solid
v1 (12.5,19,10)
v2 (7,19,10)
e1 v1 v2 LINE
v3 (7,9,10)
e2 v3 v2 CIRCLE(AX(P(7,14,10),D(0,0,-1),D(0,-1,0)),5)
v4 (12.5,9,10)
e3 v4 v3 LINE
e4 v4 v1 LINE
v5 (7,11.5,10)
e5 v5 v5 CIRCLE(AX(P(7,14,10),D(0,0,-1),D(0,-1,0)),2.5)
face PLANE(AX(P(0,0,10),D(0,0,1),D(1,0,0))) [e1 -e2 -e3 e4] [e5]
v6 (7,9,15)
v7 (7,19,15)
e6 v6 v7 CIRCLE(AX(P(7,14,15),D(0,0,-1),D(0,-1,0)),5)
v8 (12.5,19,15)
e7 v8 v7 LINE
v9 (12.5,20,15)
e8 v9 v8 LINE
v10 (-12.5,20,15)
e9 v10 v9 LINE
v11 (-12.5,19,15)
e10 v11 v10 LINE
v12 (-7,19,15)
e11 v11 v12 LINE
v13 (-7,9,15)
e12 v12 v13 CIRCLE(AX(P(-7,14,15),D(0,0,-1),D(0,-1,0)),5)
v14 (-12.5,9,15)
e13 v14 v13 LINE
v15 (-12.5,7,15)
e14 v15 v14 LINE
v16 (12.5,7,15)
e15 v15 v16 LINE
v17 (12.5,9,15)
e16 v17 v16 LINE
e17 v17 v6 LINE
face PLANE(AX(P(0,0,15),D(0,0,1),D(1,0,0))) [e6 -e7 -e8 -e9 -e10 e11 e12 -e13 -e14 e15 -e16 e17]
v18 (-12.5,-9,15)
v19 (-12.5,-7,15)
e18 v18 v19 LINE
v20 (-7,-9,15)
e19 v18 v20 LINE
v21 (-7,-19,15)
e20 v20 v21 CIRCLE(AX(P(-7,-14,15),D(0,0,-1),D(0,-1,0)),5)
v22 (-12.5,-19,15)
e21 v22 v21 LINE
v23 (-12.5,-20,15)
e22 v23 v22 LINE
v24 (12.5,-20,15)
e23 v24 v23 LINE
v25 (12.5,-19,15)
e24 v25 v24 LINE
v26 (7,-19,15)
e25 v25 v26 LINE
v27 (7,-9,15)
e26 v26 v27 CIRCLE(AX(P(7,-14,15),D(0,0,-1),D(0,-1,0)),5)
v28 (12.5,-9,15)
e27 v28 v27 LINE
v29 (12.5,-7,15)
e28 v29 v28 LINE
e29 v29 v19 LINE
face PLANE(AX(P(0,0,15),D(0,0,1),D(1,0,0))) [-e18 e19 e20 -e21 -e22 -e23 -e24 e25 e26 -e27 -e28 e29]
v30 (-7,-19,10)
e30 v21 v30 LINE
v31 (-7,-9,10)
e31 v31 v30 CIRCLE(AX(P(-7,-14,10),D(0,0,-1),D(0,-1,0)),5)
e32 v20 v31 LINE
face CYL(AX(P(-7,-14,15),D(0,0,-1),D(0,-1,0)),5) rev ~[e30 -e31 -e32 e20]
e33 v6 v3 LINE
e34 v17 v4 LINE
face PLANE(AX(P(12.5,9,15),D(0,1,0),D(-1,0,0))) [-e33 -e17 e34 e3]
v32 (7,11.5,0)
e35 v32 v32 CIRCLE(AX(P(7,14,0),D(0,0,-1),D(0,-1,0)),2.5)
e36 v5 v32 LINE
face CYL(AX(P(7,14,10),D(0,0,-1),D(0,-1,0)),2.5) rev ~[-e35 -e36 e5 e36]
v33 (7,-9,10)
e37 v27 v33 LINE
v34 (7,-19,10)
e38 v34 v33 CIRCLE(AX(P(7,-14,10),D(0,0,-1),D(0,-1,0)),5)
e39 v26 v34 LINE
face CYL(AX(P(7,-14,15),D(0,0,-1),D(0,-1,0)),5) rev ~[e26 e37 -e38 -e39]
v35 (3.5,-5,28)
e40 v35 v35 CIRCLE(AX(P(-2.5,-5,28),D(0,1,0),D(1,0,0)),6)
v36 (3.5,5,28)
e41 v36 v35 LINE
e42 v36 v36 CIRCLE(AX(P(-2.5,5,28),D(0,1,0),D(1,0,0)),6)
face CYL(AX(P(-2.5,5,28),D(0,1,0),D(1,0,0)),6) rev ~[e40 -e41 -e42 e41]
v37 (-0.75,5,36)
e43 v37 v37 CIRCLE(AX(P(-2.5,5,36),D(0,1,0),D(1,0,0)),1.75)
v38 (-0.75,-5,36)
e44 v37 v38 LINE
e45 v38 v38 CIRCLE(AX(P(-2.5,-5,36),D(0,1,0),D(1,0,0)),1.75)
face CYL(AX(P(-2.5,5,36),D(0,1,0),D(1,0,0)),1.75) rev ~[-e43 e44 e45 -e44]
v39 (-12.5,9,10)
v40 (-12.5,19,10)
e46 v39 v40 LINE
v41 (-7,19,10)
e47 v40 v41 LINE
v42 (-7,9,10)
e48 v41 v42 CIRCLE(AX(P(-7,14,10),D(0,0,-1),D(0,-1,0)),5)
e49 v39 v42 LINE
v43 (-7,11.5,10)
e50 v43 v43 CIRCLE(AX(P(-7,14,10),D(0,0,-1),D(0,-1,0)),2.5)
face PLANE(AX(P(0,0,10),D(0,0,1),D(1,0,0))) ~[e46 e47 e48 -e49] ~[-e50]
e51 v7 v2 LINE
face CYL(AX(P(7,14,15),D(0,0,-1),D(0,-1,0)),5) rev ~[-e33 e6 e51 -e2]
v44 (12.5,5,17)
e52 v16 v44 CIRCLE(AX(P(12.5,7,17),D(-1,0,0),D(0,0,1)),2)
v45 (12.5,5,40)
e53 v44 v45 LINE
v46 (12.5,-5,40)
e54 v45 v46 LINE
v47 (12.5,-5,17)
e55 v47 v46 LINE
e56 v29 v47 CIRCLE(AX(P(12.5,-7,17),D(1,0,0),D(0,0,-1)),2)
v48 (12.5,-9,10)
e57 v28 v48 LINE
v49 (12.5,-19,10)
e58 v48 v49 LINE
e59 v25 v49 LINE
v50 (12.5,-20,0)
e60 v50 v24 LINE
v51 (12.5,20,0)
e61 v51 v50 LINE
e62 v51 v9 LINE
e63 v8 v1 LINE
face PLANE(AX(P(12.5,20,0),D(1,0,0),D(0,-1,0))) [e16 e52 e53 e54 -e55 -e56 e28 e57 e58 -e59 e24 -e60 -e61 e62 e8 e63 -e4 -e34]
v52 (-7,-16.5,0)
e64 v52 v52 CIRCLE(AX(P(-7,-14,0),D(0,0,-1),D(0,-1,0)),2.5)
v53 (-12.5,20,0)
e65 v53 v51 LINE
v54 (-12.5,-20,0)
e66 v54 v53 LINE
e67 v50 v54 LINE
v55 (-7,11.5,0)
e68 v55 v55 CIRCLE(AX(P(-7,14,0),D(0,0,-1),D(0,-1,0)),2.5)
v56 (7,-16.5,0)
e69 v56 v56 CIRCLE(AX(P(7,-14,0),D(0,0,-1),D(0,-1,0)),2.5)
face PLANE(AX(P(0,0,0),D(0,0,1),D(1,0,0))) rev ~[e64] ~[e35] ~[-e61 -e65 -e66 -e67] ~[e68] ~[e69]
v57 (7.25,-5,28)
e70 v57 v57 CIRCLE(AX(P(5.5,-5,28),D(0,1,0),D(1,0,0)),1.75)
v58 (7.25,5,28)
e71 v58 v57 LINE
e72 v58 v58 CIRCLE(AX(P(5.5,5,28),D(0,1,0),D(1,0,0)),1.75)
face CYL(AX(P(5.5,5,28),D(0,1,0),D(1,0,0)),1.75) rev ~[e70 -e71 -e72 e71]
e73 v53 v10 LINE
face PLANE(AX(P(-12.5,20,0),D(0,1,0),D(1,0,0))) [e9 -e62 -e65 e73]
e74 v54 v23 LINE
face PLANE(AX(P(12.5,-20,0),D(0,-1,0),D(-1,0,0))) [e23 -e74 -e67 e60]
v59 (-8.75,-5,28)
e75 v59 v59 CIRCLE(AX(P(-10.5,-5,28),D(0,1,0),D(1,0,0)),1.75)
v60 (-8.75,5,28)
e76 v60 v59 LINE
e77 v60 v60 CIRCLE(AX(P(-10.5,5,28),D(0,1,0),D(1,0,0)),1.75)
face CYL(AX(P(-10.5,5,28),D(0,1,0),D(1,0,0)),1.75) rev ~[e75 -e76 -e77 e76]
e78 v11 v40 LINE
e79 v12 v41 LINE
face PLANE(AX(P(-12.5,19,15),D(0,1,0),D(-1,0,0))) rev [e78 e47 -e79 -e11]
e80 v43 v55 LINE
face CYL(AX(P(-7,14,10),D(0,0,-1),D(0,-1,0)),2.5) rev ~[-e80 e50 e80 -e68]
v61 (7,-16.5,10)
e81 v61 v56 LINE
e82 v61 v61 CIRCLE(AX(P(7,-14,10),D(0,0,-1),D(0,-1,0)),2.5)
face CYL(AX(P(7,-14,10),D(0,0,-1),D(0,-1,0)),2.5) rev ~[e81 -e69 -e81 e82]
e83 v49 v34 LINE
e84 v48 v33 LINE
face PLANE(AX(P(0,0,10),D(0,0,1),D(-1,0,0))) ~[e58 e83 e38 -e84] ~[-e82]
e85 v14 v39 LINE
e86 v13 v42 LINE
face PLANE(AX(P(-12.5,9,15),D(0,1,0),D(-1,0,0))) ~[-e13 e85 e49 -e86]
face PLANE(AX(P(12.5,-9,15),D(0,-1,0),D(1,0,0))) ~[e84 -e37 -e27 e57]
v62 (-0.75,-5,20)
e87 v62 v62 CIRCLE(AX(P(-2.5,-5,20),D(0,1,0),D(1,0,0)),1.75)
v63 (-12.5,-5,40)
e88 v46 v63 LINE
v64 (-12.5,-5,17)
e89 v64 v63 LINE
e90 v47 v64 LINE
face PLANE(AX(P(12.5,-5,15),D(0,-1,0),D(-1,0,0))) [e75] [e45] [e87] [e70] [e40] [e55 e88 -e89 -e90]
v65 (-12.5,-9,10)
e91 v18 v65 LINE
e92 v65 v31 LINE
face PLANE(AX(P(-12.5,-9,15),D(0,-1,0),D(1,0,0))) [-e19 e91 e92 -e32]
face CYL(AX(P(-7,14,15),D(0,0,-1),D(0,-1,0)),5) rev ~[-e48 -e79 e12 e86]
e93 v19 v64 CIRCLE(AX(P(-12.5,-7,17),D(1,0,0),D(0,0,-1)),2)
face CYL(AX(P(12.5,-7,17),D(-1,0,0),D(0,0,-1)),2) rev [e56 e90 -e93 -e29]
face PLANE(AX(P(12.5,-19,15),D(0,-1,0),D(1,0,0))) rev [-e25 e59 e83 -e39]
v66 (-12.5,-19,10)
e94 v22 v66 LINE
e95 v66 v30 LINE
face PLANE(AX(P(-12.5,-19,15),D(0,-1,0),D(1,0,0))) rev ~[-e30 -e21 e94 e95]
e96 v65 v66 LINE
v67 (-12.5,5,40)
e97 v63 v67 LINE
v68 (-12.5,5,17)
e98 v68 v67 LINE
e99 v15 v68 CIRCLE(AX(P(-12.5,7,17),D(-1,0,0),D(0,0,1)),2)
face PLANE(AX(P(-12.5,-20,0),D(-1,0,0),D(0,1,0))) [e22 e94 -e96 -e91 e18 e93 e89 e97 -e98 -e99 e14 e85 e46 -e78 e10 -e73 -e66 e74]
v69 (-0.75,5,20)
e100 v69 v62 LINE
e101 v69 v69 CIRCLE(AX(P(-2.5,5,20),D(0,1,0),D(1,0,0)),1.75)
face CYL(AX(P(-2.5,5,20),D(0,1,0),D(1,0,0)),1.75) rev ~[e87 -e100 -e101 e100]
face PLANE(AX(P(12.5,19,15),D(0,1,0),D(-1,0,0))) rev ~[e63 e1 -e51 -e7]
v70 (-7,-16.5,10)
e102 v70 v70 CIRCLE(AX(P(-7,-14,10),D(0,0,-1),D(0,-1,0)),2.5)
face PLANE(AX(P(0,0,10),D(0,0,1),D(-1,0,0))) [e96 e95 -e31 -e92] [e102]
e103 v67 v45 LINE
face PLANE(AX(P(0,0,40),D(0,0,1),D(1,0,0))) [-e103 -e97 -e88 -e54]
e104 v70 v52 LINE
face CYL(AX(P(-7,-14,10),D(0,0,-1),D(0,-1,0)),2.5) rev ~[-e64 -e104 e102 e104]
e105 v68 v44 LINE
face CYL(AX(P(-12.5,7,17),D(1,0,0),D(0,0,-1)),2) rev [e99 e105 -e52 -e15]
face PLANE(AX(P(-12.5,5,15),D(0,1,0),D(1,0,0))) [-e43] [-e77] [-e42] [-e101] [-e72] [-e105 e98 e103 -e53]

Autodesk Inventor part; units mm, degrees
ref_plane "YZ Plane" through (0, 0, 0) normal (1, 0, 0) x (0, 1, 0)
ref_plane "XZ Plane" through (0, 0, 0) normal (0, 1, 0) x (-1, 0, 0)
ref_plane "XY Plane" through (0, 0, 0) normal (0, 0, 1) x (1, 0, 0)
sketch "Sketch1" plane through (0, 0, 0) normal (0, 0, 1) x (1, 0, 0)
  line L0 (-12.5, 20) -> (12.5, 20)
  line L1 (12.5, 20) -> (12.5, -20)
  line L2 (12.5, -20) -> (-12.5, -20)
  line L3 (-12.5, -20) -> (-12.5, 20)
  point P0 (0, 0)
  point P1 (-12.5, 0)
  point P2 (0, 20)
  dimension "d0" = 40
  dimension "d1" = 25
extrude "Extrusion1" add sketch "Sketch1" along normal blind 15
sketch "Sketch3" plane through (0, 0, 15) normal (0, 0, -1) x (-1, 0, 0)
  line L0 (-12.5, -20) -> (-12.5, 20) projected
  line L1 (-12.5, -20) -> (-12.5, 20) projected
  line L2 (12.5, -20) -> (-12.5, -20) projected
  line L3 (-12.5, 20) -> (12.5, 20) projected
  line L4 (0, 0) -> (0, 4.9357) construction
  point P0 (-7, -14)
  point P1 (-7, 14)
  point P2 (0, -20)
  point P3 (0, 20)
  point P4 (7, -14)
  point P5 (7, 14)
  dimension "d21" = 6
  dimension "d22" = 6
  dimension "d24" = 5.5
hole "Hole1" at (7, -14, 15) at (-7, -14, 15) at (-7, 14, 15) at (7, 14, 15) direction (0, 0, -1) diameter 5 end through all counterbore diameter 10 counterbore depth 5
sketch "Sketch4" plane through (0, 0, 15) normal (0, 0, 1) x (1, 0, 0)
  line L0 (-12.5, 5) -> (12.5, 5)
  line L1 (12.5, 5) -> (12.5, -5)
  line L2 (12.5, -5) -> (-12.5, -5)
  line L3 (-12.5, -5) -> (-12.5, 5)
  line L4 (12.5, -20) -> (12.5, 20) projected
  line L5 (-12.5, 20) -> (-12.5, -20) projected
  point P0 (0, 0)
  point P1 (12.5, 0)
  dimension "d20" = 10
extrude "Extrusion3" add sketch "Sketch4" along normal blind 25
sketch "Sketch5" plane through (-12.5, 5, 15) normal (0, 1, 0) x (1, 0, 0)
  circle A0 centre (10, -13) radius 6
  line L0 (25, -25) -> (0, -25) projected
  line L1 (25, 0) -> (25, -25) projected
  circle A1 centre (10, -5) radius 1.75
  circle A2 centre (2, -13) radius 1.75
  circle A3 centre (10, -21) radius 1.75
  circle A4 centre (18, -13) radius 1.75
  point P0 (12.5, 15)
  dimension "d27" = 12
  dimension "d28" = 12
  dimension "d29" = 15
  dimension "d30" = 3.5
  dimension "d31" = 8
  dimension "d34" = 360
extrude "Extrusion4" cut sketch "Sketch5" against normal through all
fillet "Fillet2" radius 2 2 edges at (0, 5, 15) (0, -5, 15)
sketch "Sketch6" plane through (0, 0, 15) normal (0, 0, 1) x (1, 0, 0)
  line L0 (12.5, 7) -> (12.5, 20) projected
  line L1 (12.5, 19) -> (7, 19)
  line L2 (12.5, 9) -> (7, 9)
  circle A0 centre (7, 14) radius 5 projected
  point P0 (0, 0)
extrude "Extrusion5" cut sketch "Sketch6" against normal up to surface (5 mm away) contours L2 A0 L1 L0
mirror "Mirror1" about plane through (0, 0, 0) normal (1, 0, 0) of "Extrusion5"
mirror "Mirror2" about plane through (0, 0, 0) normal (0, 1, 0) of "Extrusion5", "Mirror1"
equation "\"d22\" = d21"
properties part number "0008-10-013 Supăort Piulita Axa Z2"
